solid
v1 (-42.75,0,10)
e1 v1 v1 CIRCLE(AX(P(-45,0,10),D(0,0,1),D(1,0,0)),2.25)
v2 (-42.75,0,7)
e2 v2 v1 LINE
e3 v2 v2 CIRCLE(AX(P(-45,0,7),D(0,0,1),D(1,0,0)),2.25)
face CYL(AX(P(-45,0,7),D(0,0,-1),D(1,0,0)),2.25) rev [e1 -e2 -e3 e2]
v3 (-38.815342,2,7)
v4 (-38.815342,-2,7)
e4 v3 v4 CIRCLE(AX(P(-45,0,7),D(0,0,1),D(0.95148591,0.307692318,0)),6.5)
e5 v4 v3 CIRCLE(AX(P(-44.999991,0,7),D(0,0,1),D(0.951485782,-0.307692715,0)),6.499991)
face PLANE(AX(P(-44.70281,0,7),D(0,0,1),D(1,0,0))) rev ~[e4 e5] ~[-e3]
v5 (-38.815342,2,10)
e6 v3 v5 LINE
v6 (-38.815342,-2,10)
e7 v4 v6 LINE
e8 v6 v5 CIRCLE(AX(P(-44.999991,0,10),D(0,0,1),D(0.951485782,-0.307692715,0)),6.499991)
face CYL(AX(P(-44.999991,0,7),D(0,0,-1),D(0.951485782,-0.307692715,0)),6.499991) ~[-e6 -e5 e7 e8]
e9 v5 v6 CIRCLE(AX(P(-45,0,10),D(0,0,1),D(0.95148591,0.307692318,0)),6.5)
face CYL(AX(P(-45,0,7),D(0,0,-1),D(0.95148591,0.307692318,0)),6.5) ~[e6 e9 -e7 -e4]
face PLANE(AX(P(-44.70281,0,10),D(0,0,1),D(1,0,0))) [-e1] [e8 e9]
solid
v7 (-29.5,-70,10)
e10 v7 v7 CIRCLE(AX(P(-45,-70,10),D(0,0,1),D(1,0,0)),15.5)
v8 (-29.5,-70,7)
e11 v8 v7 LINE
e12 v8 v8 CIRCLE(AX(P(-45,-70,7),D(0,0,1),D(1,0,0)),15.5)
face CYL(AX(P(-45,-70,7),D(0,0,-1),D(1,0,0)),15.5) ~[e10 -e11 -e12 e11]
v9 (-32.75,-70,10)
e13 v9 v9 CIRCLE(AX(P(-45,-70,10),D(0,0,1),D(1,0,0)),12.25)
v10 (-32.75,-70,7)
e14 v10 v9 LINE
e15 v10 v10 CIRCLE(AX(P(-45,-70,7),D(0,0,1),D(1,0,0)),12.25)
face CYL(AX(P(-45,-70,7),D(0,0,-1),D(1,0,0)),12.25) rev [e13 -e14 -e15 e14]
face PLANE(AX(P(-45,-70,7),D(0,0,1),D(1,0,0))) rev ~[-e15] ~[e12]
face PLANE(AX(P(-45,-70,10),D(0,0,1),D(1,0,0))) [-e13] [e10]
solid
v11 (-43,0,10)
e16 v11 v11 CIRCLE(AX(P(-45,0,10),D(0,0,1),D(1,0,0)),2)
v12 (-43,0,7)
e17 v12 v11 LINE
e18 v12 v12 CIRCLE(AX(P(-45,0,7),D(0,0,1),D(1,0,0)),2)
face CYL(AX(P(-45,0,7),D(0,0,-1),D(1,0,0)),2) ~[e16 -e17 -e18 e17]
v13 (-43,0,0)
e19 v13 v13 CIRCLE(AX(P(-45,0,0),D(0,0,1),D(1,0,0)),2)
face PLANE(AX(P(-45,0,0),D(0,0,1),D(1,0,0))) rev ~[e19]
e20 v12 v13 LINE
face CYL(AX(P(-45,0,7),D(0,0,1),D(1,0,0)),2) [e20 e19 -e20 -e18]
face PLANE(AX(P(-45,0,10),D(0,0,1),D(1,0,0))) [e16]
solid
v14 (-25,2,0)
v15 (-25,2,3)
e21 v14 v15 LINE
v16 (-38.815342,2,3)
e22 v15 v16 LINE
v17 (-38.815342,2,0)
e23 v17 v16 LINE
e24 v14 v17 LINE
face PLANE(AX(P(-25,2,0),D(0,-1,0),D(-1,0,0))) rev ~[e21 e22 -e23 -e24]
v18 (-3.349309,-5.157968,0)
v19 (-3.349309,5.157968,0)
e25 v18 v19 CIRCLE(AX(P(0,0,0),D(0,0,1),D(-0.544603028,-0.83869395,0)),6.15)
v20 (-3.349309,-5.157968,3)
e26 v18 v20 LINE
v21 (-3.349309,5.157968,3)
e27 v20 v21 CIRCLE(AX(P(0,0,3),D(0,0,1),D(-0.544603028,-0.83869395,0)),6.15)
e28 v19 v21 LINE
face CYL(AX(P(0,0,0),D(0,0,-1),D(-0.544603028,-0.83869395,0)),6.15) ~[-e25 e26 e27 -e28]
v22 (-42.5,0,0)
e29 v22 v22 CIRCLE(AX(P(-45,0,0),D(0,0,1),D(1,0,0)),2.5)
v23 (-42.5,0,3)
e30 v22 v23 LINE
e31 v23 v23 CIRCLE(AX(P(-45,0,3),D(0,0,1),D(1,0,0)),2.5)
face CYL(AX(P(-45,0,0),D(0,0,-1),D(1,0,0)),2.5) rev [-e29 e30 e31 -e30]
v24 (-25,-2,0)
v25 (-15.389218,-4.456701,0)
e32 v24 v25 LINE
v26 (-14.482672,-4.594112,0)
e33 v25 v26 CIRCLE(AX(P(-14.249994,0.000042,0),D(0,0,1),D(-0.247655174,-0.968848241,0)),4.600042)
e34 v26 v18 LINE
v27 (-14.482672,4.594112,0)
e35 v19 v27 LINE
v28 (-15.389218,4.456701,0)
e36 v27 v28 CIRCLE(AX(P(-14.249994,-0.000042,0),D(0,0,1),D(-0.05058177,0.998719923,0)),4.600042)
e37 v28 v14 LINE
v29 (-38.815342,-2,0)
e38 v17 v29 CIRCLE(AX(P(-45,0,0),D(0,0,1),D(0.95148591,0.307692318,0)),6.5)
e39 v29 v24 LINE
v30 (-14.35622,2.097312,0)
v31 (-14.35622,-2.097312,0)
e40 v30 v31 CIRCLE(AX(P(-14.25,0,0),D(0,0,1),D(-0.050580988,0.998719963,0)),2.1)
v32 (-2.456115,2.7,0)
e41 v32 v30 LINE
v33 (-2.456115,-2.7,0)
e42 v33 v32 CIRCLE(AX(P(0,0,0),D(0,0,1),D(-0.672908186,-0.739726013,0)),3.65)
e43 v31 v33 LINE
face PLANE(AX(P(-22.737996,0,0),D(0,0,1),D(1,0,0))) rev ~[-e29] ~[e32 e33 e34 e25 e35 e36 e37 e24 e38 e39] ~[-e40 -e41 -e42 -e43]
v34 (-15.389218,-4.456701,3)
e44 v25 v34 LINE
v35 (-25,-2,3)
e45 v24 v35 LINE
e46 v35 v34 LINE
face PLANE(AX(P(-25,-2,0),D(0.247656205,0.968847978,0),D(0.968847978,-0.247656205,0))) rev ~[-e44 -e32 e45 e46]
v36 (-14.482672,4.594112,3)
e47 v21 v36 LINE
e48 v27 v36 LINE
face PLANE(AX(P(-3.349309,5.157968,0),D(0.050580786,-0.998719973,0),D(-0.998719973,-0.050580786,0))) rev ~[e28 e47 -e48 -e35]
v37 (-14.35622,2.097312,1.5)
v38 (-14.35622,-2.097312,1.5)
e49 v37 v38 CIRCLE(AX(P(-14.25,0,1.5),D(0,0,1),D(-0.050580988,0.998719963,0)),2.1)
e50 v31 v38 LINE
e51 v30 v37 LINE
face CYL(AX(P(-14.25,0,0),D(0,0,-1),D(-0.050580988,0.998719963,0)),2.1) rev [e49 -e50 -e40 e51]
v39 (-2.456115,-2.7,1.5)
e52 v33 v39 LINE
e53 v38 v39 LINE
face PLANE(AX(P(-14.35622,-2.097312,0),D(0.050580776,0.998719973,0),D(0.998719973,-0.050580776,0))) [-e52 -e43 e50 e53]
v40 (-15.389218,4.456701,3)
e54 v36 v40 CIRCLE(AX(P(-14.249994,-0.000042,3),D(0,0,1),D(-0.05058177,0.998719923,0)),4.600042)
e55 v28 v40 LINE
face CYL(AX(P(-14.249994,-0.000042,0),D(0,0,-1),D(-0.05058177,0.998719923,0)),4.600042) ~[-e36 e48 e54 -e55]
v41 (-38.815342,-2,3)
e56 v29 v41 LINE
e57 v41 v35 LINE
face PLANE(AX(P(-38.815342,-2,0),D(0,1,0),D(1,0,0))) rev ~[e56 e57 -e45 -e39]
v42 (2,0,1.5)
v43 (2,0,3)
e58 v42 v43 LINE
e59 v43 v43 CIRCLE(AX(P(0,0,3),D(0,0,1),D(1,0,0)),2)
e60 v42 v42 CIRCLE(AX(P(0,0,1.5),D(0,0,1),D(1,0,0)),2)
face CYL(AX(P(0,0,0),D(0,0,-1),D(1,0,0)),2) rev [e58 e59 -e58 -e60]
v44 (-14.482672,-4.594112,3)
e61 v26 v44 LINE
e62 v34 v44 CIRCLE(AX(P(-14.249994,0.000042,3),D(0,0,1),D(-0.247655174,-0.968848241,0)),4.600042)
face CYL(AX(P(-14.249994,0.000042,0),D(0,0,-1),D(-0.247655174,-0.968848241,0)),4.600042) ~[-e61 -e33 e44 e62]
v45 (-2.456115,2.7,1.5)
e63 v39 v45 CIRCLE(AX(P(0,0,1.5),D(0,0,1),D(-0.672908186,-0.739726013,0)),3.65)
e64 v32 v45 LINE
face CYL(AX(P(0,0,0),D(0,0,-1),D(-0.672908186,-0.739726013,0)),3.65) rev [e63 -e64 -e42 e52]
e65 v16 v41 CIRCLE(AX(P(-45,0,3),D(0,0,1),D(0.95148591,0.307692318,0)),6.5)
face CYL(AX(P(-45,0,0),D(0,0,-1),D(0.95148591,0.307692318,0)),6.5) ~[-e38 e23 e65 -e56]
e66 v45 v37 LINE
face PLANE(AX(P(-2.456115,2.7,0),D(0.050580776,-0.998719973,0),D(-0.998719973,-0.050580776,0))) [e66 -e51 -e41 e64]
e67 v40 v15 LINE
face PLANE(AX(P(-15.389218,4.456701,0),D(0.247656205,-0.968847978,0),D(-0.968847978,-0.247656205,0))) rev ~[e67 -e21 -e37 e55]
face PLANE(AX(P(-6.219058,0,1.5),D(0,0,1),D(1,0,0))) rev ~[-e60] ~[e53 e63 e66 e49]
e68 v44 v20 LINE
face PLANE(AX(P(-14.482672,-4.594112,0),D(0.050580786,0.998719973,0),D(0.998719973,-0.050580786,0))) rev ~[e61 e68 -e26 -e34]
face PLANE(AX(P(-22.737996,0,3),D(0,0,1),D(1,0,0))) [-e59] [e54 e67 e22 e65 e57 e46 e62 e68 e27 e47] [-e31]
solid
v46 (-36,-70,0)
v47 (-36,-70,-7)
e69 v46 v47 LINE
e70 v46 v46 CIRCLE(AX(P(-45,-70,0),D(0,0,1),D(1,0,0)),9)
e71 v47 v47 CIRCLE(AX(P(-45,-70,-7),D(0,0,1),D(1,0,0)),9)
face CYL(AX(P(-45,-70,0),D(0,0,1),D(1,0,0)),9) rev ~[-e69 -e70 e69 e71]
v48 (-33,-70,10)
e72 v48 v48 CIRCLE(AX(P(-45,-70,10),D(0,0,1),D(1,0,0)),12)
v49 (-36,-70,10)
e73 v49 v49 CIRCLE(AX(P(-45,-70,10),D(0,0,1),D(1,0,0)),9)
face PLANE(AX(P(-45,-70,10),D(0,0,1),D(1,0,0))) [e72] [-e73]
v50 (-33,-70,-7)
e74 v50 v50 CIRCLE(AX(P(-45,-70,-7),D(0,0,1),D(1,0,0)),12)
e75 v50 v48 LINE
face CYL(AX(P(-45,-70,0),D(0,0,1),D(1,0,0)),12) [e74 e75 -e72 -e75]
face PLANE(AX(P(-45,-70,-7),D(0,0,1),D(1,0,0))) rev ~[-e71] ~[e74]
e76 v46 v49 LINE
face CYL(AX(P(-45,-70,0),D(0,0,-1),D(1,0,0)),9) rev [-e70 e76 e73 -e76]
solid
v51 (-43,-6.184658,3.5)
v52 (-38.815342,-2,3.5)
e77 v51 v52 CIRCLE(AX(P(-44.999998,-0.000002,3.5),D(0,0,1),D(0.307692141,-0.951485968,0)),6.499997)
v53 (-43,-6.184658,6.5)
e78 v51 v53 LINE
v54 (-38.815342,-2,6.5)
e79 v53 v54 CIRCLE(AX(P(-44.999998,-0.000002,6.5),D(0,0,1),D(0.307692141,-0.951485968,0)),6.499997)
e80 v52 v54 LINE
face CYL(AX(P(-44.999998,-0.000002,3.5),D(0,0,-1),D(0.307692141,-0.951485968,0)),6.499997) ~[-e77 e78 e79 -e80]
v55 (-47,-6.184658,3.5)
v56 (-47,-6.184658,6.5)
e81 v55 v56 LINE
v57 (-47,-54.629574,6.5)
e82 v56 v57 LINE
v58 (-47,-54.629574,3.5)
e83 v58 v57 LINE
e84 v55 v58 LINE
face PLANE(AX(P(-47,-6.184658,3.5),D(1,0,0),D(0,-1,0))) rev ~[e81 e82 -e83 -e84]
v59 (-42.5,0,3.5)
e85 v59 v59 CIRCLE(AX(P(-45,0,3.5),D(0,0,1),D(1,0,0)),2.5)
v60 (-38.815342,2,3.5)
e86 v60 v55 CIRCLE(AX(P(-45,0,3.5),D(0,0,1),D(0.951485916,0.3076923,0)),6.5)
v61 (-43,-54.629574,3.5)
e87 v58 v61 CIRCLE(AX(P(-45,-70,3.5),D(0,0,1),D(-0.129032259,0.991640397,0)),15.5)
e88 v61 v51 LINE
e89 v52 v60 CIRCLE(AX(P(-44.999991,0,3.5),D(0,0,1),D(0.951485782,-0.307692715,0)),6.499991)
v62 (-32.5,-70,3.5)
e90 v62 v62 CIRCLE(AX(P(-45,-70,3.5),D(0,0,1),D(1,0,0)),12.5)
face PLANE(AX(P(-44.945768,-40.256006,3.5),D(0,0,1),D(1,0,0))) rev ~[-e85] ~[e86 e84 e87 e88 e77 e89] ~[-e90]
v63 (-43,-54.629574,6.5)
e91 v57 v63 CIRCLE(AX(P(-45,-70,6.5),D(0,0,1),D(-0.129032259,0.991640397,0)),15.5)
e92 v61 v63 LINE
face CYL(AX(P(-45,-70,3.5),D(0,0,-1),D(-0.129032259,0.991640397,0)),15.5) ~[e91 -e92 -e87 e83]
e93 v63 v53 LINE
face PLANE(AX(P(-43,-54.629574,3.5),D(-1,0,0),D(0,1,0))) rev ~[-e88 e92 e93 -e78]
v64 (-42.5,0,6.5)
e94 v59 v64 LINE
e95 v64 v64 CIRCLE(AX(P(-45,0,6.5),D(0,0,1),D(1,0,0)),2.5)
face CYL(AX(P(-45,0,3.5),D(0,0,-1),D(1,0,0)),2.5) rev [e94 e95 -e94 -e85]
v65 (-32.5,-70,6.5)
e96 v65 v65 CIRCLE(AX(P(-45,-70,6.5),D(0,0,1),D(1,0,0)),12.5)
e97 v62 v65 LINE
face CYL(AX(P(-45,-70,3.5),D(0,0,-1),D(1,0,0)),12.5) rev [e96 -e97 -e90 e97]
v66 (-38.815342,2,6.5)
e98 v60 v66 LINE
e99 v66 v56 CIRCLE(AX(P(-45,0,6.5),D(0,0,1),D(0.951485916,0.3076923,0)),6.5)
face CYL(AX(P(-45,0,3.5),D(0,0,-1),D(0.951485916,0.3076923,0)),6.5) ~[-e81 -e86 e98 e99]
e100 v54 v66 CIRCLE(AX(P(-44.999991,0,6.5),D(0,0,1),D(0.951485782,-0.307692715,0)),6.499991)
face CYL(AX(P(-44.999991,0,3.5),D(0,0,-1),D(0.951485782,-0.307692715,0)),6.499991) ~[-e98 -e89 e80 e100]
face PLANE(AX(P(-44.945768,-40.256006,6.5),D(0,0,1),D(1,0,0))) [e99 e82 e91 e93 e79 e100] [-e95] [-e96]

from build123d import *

# Parameters (mm, degrees)
F5_R       = 2.5
F5_R_2     = 2
F6_DEPTH   = 3
F7_DEPTH   = 1.5
F8_R       = 12.5
F8_R_2     = 2.5
F9_DEPTH   = 3
F10_R      = 2.25
F11_DEPTH  = 3
F10_R_2    = 2
F12_DEPTH  = 7
F5_R_3     = 12
F5_R_4     = 9
F13_DEPTH  = 10
F14_R      = 15.5
F14_R_2    = 12.25
F15_DEPTH  = 3
F17_DEPTH  = 7
F12_FACE_R = 2
F18_DEPTH  = 3


with BuildPart() as f6:
    # F5 (on Top) → F6 (new body, through all)
    with BuildSketch(Plane.XY):
        with BuildLine():
            ThreePointArc((-3.349309, -5.157968), (6.15, 0), (-3.349309, 5.157968))
            Line((-3.349309, 5.157968), (-14.482672, 4.594112))
            ThreePointArc((-14.482672, 4.594112), (-14.939377, 4.54805), (-15.389218, 4.456701))
            Line((-15.389218, 4.456701), (-25, 2))
            Line((-25, 2), (-38.815342, 2))
            ThreePointArc((-38.815342, 2), (-51.5, 0), (-38.815342, -2))
            Line((-38.815342, -2), (-25, -2))
            Line((-25, -2), (-15.389218, -4.456701))
            ThreePointArc((-15.389218, -4.456701), (-14.939377, -4.54805), (-14.482672, -4.594112))
            Line((-14.482672, -4.594112), (-3.349309, -5.157968))
        make_face()
        with Locations((-45, 0)):
            Circle(F5_R, mode=Mode.SUBTRACT)
        with BuildLine():
            ThreePointArc((-2.456115, 2.7), (3.65, 0), (-2.456115, -2.7))
            Line((-2.456115, -2.7), (-14.35622, -2.097312))
            ThreePointArc((-14.35622, -2.097312), (-16.35, 0), (-14.35622, 2.097312))
            Line((-14.35622, 2.097312), (-2.456115, 2.7))
        make_face(mode=Mode.SUBTRACT)
        with BuildLine():
            Line((-14.35622, -2.097312), (-2.456115, -2.7))
            ThreePointArc((-2.456115, -2.7), (3.65, 0), (-2.456115, 2.7))
            Line((-2.456115, 2.7), (-14.35622, 2.097312))
            ThreePointArc((-14.35622, 2.097312), (-16.35, 0), (-14.35622, -2.097312))
        make_face()
        Circle(F5_R_2, mode=Mode.SUBTRACT)
    extrude(amount=F6_DEPTH)

    # F5 (on Top) → F7 (cut)
    with BuildSketch(Plane.XY):
        with BuildLine():
            Line((-14.35622, -2.097312), (-2.456115, -2.7))
            ThreePointArc((-2.456115, -2.7), (3.65, 0), (-2.456115, 2.7))
            Line((-2.456115, 2.7), (-14.35622, 2.097312))
            ThreePointArc((-14.35622, 2.097312), (-16.35, 0), (-14.35622, -2.097312))
        make_face()
        Circle(F5_R_2, mode=Mode.SUBTRACT)
    extrude(amount=F7_DEPTH, mode=Mode.SUBTRACT)


with BuildPart() as f9:
    # F8 (on offset) → F9 (new body, through all)
    with BuildSketch(Plane.XY.offset(3.5)):
        with BuildLine():
            ThreePointArc((-38.815342, -2), (-38.5, 0), (-38.815342, 2))
            ThreePointArc((-38.815342, 2), (-49.596194, 4.596194), (-47, -6.184658))
            Line((-47, -6.184658), (-47, -54.629574))
            ThreePointArc((-47, -54.629574), (-45, -85.5), (-43, -54.629574))
            Line((-43, -54.629574), (-43, -6.184658))
            ThreePointArc((-43, -6.184658), (-40.403806, -4.596194), (-38.815342, -2))
        make_face()
        with Locations((-45, -70)):
            Circle(F8_R, mode=Mode.SUBTRACT)
        with Locations((-45, 0)):
            Circle(F8_R_2, mode=Mode.SUBTRACT)
    extrude(amount=F9_DEPTH)


with BuildPart() as f11:
    # F10 (on offset) → F11 (new body)
    with BuildSketch(Plane.XY.offset(7)):
        with BuildLine():
            ThreePointArc((-38.815342, 2), (-51.5, 0), (-38.815342, -2))
            ThreePointArc((-38.815342, -2), (-38.5, 0), (-38.815342, 2))
        make_face()
        with Locations((-45, 0)):
            Circle(F10_R, mode=Mode.SUBTRACT)
    extrude(amount=F11_DEPTH)


with BuildPart() as f12:
    # F10 (on offset) → F12 (new body, through all)
    with BuildSketch(Plane.XY.offset(7)):
        with Locations((-45, 0)):
            Circle(F10_R_2)
    extrude(amount=-F12_DEPTH)

    # F12_face (on face) → F18 (join, through all)
    with BuildSketch(Plane(origin=(-45, 0, 7), x_dir=(1, 0, 0), z_dir=(0, 0, 1))):
        Circle(F12_FACE_R)
    extrude(amount=F18_DEPTH)


with BuildPart() as f13:
    # F5 (on Top) → F13 (new body, through all)
    with BuildSketch(Plane.XY):
        with Locations((-45, -70)):
            Circle(F5_R_3)
        with Locations((-45, -70)):
            Circle(F5_R_4, mode=Mode.SUBTRACT)
    extrude(amount=F13_DEPTH)

    # F5 (on Top) → F17 (join, through all)
    with BuildSketch(Plane.XY):
        with Locations((-45, -70)):
            Circle(F5_R_3)
        with Locations((-45, -70)):
            Circle(F5_R_4, mode=Mode.SUBTRACT)
    extrude(amount=-F17_DEPTH)


with BuildPart() as f15:
    # F14 (on offset) → F15 (new body, through all)
    with BuildSketch(Plane.XY.offset(7)):
        with Locations((-45, -70)):
            Circle(F14_R)
        with Locations((-45, -70)):
            Circle(F14_R_2, mode=Mode.SUBTRACT)
    extrude(amount=F15_DEPTH)


solid = Compound([f6.part, f9.part, f11.part, f12.part, f13.part, f15.part])
